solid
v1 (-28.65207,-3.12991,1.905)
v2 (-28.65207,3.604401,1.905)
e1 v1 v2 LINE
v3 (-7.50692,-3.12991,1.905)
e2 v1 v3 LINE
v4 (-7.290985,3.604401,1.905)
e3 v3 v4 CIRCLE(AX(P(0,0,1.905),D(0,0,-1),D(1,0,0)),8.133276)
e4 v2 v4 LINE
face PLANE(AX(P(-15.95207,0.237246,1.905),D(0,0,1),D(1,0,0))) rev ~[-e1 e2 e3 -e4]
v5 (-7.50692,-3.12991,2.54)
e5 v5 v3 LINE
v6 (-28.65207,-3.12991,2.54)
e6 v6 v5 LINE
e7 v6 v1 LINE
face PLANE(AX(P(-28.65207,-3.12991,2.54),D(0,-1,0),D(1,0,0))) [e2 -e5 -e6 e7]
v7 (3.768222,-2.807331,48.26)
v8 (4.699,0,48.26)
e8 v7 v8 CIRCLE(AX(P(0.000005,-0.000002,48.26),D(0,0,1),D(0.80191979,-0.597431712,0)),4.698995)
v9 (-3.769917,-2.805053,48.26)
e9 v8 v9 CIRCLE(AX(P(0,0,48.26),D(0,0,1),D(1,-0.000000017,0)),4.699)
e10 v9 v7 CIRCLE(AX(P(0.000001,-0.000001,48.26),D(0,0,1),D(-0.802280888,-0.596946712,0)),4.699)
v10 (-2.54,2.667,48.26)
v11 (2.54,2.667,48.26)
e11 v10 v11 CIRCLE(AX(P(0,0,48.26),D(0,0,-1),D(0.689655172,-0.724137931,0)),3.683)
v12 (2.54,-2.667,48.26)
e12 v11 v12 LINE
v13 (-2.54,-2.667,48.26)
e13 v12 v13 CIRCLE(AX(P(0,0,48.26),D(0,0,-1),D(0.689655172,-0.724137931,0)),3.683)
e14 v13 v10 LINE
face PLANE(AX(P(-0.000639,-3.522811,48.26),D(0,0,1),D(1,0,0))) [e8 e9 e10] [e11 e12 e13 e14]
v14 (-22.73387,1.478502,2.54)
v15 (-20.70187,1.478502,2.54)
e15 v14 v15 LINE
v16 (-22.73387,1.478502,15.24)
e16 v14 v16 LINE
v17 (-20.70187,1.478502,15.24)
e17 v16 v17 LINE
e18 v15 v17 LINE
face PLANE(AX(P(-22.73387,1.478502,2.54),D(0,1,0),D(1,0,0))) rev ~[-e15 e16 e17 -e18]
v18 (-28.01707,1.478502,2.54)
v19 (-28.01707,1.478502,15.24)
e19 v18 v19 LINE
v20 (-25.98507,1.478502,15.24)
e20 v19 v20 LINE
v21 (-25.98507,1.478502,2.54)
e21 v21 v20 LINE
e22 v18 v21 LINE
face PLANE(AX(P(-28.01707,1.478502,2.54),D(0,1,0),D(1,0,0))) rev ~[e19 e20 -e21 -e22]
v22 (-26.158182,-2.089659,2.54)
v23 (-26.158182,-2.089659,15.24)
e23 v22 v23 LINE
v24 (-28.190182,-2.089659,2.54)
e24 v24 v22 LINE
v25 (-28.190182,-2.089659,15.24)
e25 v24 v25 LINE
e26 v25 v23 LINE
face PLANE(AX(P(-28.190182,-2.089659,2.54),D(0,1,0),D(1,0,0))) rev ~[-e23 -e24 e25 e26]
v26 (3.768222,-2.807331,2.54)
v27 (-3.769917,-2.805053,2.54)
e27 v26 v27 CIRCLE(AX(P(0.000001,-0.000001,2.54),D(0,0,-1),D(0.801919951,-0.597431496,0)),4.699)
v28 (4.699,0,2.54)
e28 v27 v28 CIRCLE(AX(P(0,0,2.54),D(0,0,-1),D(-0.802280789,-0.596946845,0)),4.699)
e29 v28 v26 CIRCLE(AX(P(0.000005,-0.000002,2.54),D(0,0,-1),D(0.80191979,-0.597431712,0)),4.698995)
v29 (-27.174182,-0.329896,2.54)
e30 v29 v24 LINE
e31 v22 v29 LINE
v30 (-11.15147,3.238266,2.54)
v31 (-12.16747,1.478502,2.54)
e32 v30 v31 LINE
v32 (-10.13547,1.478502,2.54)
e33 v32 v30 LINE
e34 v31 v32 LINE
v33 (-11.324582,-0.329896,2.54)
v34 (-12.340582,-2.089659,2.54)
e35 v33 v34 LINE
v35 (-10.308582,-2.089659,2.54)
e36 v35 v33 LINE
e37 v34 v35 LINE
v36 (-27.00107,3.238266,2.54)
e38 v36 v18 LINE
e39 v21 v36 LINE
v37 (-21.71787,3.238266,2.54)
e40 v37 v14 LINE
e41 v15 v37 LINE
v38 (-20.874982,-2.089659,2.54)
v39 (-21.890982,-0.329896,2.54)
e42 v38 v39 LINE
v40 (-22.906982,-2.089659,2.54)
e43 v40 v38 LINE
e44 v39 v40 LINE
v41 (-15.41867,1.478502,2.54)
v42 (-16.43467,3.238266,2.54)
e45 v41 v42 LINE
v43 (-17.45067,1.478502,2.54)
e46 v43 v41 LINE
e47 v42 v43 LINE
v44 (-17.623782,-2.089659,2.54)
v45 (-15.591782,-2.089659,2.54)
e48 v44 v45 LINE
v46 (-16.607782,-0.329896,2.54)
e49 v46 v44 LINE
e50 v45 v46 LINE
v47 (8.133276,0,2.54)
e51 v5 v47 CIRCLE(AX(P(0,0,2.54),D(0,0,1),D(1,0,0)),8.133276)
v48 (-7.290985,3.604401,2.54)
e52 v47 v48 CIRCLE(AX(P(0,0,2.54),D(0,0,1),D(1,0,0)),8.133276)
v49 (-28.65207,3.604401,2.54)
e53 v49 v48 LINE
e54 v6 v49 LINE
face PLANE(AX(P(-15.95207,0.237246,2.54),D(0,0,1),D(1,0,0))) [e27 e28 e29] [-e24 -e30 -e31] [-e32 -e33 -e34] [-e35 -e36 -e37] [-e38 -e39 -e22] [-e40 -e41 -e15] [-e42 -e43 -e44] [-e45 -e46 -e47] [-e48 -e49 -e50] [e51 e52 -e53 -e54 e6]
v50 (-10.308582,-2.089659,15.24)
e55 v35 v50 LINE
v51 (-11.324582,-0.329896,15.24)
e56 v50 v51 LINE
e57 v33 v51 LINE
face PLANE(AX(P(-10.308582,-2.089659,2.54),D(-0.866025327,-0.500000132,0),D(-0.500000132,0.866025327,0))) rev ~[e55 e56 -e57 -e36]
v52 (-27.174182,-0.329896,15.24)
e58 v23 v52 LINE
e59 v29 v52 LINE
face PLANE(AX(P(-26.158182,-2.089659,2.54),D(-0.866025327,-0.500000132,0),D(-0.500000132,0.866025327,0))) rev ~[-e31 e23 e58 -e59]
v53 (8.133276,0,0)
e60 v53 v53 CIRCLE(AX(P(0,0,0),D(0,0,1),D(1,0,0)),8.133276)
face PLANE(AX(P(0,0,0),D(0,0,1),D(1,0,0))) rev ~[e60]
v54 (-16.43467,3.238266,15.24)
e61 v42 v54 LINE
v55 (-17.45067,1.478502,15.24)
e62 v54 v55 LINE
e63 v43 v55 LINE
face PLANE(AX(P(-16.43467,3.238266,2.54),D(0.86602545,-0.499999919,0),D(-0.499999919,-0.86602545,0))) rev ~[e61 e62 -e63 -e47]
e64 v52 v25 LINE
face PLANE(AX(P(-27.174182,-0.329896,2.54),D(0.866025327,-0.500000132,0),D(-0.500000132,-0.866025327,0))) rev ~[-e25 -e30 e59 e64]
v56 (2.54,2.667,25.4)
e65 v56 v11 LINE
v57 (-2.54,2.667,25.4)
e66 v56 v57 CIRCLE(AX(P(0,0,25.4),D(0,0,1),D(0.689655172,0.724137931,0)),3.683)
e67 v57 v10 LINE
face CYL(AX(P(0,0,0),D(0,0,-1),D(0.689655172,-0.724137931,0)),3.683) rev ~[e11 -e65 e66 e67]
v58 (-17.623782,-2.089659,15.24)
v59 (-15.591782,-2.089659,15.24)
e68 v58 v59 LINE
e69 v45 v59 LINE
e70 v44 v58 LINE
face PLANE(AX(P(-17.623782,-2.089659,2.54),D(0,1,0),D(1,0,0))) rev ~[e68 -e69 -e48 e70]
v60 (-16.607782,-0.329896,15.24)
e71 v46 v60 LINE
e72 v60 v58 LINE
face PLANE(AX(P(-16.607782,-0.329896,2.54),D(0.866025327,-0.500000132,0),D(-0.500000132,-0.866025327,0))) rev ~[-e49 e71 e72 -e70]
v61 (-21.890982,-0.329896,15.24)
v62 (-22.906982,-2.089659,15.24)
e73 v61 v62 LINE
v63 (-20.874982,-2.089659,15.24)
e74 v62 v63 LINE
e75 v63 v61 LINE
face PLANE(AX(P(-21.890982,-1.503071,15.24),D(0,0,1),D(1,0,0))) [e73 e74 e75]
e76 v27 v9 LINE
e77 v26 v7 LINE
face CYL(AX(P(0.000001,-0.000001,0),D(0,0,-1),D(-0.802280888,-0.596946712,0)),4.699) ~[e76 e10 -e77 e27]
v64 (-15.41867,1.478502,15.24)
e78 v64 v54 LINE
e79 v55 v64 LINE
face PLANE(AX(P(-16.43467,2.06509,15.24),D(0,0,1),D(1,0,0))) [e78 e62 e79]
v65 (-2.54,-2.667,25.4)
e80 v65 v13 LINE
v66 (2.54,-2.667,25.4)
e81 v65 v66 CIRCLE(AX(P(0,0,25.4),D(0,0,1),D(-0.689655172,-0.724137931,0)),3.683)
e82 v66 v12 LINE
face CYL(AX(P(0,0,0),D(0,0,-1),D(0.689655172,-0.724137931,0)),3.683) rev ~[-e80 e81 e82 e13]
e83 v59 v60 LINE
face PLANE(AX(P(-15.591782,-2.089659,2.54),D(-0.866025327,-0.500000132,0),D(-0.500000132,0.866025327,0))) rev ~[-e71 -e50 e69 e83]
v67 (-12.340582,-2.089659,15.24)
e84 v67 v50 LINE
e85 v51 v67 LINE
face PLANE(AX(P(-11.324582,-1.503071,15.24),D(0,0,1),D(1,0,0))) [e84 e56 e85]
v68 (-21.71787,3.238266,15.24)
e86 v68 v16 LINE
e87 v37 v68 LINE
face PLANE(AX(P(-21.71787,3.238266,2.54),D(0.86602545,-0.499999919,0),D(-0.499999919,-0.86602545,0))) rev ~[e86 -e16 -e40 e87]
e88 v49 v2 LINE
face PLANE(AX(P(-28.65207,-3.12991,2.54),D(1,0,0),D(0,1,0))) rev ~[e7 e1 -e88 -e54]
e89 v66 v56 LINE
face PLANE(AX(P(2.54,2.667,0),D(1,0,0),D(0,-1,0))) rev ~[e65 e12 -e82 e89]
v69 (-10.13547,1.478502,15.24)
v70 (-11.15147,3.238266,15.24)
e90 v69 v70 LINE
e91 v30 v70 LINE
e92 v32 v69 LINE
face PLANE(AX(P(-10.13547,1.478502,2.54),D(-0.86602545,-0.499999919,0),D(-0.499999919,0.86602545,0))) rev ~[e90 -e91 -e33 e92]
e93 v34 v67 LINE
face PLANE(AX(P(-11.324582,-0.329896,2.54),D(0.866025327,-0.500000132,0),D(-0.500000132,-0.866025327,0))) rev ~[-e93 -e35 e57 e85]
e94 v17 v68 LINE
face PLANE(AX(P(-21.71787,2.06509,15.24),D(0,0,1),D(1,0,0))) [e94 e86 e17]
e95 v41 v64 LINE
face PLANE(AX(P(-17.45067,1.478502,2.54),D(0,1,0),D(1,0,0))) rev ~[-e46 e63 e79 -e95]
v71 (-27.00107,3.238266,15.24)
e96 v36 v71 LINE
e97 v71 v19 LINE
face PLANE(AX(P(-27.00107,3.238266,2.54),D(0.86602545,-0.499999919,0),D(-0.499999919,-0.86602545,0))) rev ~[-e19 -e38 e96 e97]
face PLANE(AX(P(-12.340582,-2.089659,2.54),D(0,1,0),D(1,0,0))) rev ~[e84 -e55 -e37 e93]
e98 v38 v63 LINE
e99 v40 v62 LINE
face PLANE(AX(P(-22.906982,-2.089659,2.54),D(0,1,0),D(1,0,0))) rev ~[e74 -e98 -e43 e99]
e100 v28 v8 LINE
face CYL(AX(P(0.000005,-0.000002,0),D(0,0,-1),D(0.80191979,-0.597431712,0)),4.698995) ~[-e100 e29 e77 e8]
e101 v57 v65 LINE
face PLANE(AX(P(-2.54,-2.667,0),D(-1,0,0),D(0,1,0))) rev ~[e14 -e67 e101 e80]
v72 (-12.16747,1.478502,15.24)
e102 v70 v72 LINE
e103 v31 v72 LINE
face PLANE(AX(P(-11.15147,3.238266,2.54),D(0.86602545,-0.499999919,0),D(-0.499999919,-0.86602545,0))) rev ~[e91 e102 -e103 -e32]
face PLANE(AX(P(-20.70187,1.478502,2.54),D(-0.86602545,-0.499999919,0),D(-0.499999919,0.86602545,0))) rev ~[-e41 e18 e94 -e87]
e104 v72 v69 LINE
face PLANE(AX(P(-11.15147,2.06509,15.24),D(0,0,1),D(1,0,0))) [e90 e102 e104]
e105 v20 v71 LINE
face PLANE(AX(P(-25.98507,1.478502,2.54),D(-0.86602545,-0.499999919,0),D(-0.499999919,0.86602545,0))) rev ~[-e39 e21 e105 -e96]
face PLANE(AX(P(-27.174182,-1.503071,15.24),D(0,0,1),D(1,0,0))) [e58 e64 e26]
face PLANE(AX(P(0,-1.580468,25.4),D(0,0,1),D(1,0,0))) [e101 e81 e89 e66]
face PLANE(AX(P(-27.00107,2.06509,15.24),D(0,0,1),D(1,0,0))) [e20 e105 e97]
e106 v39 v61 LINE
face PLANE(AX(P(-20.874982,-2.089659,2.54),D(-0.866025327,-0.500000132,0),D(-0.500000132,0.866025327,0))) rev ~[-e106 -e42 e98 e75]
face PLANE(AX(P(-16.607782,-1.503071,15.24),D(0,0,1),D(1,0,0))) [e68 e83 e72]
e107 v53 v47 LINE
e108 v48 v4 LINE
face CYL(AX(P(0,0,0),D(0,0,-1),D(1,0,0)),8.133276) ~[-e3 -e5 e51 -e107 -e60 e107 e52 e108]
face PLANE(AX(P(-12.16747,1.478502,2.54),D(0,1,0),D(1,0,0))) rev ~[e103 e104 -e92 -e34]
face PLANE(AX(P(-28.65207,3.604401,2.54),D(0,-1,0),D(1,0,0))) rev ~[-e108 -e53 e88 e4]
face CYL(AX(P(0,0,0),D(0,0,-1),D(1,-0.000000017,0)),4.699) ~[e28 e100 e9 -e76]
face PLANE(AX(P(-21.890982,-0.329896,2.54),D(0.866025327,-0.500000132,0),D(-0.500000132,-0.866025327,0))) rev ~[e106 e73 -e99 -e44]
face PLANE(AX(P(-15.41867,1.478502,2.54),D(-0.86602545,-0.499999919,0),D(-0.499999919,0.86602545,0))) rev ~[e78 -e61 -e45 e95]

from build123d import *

# Parameters (mm, degrees)
F1_DEPTH = 48.26
F2_DEPTH = 25.4
F3_R     = 8.133276
F4_DEPTH = 2.54
F5_W     = 25.4
F5_H     = 6.734311
F6_DEPTH = 0.635
F8_DEPTH = 12.7


with BuildPart() as f1:
    # F0 (on Top) → F1 (new body)
    with BuildSketch(Plane.XY):
        with BuildLine():
            Line((-2.54, -2.805053), (-3.769917, -2.805053))
            ThreePointArc((-3.769917, -2.805053), (-0.00142, -4.699), (3.768222, -2.807331))
            Line((3.768222, -2.807331), (2.54, -2.807331))
            Line((2.54, -2.807331), (2.54, -2.667))
            ThreePointArc((2.54, -2.667), (0, -3.683), (-2.54, -2.667))
            Line((-2.54, -2.667), (-2.54, -2.805053))
        make_face()
        with BuildLine():
            Line((2.54, 0), (2.54, -2.667))
            ThreePointArc((2.54, -2.667), (3.385211, -1.450805), (3.683, 0))
            ThreePointArc((3.683, 0), (3.385211, 1.450805), (2.54, 2.667))
            Line((2.54, 2.667), (2.54, 0))
        make_face()
        with BuildLine():
            Line((2.54, -2.807331), (3.768222, -2.807331))
            Line((3.768222, -2.807331), (3.768222, 2.667))
            Line((3.768222, 2.667), (2.54, 2.667))
            ThreePointArc((2.54, 2.667), (3.385211, 1.450805), (3.683, 0))
            ThreePointArc((3.683, 0), (3.385211, -1.450805), (2.54, -2.667))
            Line((2.54, -2.667), (2.54, -2.807331))
        make_face()
        with BuildLine():
            ThreePointArc((3.768222, -2.807331), (4.46024, -1.478805), (4.699, 0))
            ThreePointArc((4.699, 0), (-1.477457, 4.460686), (-3.769917, -2.805053))
            Line((-3.769917, -2.805053), (-3.769917, 2.667))
            Line((-3.769917, 2.667), (-2.54, 2.667))
            ThreePointArc((-2.54, 2.667), (0, 3.683), (2.54, 2.667))
            Line((2.54, 2.667), (3.768222, 2.667))
            Line((3.768222, 2.667), (3.768222, -2.807331))
        make_face()
        with BuildLine():
            Line((-3.769917, 2.667), (-3.769917, -2.805053))
            Line((-3.769917, -2.805053), (-2.54, -2.805053))
            Line((-2.54, -2.805053), (-2.54, -2.667))
            ThreePointArc((-2.54, -2.667), (-3.683, 0), (-2.54, 2.667))
            Line((-2.54, 2.667), (-3.769917, 2.667))
        make_face()
        with BuildLine():
            ThreePointArc((-2.54, 2.667), (-3.683, 0), (-2.54, -2.667))
            Line((-2.54, -2.667), (-2.54, 0))
            Line((-2.54, 0), (-2.54, 2.667))
        make_face()
    extrude(amount=F1_DEPTH)

    # F0 (on Top) → F2 (join)
    with BuildSketch(Plane.XY):
        with BuildLine():
            Line((-2.54, 0), (-2.54, -2.667))
            ThreePointArc((-2.54, -2.667), (0, -3.683), (2.54, -2.667))
            Line((2.54, -2.667), (2.54, 0))
            Line((2.54, 0), (0, 0))
            Line((0, 0), (-2.54, 0))
        make_face()
        with BuildLine():
            ThreePointArc((2.54, 2.667), (0, 3.683), (-2.54, 2.667))
            Line((-2.54, 2.667), (-2.54, 0))
            Line((-2.54, 0), (0, 0))
            Line((0, 0), (2.54, 0))
            Line((2.54, 0), (2.54, 2.667))
        make_face()
    extrude(amount=F2_DEPTH)

    # F3 (on Top) → F4 (join)
    with BuildSketch(Plane.XY):
        Circle(F3_R)
    extrude(amount=F4_DEPTH)

    # F5 (on face) → F6 (join)
    with BuildSketch(Plane.XY.offset(2.54)):
        with Locations((-15.95207, 0.237246)):
            Rectangle(F5_W, F5_H)
    extrude(amount=-F6_DEPTH)

    # F7 (on face) → F8 (join)
    with BuildSketch(Plane.XY.offset(2.54)):
        Polygon((-27.00107, 3.238266), (-28.01707, 1.478502), (-25.98507, 1.478502), align=None)
        Polygon((-22.73387, 1.478502), (-20.70187, 1.478502), (-21.71787, 3.238266), align=None)
        Polygon((-17.45067, 1.478502), (-15.41867, 1.478502), (-16.43467, 3.238266), align=None)
        Polygon((-12.16747, 1.478502), (-10.13547, 1.478502), (-11.15147, 3.238266), align=None)
        Polygon((-27.174182, -0.329896), (-28.190182, -2.089659), (-26.158182, -2.089659), align=None)
        Polygon((-22.906982, -2.089659), (-20.874982, -2.089659), (-21.890982, -0.329896), align=None)
        Polygon((-17.623782, -2.089659), (-15.591782, -2.089659), (-16.607782, -0.329896), align=None)
        Polygon((-12.340582, -2.089659), (-10.308582, -2.089659), (-11.324582, -0.329896), align=None)
    extrude(amount=F8_DEPTH)


solid = f1.part
